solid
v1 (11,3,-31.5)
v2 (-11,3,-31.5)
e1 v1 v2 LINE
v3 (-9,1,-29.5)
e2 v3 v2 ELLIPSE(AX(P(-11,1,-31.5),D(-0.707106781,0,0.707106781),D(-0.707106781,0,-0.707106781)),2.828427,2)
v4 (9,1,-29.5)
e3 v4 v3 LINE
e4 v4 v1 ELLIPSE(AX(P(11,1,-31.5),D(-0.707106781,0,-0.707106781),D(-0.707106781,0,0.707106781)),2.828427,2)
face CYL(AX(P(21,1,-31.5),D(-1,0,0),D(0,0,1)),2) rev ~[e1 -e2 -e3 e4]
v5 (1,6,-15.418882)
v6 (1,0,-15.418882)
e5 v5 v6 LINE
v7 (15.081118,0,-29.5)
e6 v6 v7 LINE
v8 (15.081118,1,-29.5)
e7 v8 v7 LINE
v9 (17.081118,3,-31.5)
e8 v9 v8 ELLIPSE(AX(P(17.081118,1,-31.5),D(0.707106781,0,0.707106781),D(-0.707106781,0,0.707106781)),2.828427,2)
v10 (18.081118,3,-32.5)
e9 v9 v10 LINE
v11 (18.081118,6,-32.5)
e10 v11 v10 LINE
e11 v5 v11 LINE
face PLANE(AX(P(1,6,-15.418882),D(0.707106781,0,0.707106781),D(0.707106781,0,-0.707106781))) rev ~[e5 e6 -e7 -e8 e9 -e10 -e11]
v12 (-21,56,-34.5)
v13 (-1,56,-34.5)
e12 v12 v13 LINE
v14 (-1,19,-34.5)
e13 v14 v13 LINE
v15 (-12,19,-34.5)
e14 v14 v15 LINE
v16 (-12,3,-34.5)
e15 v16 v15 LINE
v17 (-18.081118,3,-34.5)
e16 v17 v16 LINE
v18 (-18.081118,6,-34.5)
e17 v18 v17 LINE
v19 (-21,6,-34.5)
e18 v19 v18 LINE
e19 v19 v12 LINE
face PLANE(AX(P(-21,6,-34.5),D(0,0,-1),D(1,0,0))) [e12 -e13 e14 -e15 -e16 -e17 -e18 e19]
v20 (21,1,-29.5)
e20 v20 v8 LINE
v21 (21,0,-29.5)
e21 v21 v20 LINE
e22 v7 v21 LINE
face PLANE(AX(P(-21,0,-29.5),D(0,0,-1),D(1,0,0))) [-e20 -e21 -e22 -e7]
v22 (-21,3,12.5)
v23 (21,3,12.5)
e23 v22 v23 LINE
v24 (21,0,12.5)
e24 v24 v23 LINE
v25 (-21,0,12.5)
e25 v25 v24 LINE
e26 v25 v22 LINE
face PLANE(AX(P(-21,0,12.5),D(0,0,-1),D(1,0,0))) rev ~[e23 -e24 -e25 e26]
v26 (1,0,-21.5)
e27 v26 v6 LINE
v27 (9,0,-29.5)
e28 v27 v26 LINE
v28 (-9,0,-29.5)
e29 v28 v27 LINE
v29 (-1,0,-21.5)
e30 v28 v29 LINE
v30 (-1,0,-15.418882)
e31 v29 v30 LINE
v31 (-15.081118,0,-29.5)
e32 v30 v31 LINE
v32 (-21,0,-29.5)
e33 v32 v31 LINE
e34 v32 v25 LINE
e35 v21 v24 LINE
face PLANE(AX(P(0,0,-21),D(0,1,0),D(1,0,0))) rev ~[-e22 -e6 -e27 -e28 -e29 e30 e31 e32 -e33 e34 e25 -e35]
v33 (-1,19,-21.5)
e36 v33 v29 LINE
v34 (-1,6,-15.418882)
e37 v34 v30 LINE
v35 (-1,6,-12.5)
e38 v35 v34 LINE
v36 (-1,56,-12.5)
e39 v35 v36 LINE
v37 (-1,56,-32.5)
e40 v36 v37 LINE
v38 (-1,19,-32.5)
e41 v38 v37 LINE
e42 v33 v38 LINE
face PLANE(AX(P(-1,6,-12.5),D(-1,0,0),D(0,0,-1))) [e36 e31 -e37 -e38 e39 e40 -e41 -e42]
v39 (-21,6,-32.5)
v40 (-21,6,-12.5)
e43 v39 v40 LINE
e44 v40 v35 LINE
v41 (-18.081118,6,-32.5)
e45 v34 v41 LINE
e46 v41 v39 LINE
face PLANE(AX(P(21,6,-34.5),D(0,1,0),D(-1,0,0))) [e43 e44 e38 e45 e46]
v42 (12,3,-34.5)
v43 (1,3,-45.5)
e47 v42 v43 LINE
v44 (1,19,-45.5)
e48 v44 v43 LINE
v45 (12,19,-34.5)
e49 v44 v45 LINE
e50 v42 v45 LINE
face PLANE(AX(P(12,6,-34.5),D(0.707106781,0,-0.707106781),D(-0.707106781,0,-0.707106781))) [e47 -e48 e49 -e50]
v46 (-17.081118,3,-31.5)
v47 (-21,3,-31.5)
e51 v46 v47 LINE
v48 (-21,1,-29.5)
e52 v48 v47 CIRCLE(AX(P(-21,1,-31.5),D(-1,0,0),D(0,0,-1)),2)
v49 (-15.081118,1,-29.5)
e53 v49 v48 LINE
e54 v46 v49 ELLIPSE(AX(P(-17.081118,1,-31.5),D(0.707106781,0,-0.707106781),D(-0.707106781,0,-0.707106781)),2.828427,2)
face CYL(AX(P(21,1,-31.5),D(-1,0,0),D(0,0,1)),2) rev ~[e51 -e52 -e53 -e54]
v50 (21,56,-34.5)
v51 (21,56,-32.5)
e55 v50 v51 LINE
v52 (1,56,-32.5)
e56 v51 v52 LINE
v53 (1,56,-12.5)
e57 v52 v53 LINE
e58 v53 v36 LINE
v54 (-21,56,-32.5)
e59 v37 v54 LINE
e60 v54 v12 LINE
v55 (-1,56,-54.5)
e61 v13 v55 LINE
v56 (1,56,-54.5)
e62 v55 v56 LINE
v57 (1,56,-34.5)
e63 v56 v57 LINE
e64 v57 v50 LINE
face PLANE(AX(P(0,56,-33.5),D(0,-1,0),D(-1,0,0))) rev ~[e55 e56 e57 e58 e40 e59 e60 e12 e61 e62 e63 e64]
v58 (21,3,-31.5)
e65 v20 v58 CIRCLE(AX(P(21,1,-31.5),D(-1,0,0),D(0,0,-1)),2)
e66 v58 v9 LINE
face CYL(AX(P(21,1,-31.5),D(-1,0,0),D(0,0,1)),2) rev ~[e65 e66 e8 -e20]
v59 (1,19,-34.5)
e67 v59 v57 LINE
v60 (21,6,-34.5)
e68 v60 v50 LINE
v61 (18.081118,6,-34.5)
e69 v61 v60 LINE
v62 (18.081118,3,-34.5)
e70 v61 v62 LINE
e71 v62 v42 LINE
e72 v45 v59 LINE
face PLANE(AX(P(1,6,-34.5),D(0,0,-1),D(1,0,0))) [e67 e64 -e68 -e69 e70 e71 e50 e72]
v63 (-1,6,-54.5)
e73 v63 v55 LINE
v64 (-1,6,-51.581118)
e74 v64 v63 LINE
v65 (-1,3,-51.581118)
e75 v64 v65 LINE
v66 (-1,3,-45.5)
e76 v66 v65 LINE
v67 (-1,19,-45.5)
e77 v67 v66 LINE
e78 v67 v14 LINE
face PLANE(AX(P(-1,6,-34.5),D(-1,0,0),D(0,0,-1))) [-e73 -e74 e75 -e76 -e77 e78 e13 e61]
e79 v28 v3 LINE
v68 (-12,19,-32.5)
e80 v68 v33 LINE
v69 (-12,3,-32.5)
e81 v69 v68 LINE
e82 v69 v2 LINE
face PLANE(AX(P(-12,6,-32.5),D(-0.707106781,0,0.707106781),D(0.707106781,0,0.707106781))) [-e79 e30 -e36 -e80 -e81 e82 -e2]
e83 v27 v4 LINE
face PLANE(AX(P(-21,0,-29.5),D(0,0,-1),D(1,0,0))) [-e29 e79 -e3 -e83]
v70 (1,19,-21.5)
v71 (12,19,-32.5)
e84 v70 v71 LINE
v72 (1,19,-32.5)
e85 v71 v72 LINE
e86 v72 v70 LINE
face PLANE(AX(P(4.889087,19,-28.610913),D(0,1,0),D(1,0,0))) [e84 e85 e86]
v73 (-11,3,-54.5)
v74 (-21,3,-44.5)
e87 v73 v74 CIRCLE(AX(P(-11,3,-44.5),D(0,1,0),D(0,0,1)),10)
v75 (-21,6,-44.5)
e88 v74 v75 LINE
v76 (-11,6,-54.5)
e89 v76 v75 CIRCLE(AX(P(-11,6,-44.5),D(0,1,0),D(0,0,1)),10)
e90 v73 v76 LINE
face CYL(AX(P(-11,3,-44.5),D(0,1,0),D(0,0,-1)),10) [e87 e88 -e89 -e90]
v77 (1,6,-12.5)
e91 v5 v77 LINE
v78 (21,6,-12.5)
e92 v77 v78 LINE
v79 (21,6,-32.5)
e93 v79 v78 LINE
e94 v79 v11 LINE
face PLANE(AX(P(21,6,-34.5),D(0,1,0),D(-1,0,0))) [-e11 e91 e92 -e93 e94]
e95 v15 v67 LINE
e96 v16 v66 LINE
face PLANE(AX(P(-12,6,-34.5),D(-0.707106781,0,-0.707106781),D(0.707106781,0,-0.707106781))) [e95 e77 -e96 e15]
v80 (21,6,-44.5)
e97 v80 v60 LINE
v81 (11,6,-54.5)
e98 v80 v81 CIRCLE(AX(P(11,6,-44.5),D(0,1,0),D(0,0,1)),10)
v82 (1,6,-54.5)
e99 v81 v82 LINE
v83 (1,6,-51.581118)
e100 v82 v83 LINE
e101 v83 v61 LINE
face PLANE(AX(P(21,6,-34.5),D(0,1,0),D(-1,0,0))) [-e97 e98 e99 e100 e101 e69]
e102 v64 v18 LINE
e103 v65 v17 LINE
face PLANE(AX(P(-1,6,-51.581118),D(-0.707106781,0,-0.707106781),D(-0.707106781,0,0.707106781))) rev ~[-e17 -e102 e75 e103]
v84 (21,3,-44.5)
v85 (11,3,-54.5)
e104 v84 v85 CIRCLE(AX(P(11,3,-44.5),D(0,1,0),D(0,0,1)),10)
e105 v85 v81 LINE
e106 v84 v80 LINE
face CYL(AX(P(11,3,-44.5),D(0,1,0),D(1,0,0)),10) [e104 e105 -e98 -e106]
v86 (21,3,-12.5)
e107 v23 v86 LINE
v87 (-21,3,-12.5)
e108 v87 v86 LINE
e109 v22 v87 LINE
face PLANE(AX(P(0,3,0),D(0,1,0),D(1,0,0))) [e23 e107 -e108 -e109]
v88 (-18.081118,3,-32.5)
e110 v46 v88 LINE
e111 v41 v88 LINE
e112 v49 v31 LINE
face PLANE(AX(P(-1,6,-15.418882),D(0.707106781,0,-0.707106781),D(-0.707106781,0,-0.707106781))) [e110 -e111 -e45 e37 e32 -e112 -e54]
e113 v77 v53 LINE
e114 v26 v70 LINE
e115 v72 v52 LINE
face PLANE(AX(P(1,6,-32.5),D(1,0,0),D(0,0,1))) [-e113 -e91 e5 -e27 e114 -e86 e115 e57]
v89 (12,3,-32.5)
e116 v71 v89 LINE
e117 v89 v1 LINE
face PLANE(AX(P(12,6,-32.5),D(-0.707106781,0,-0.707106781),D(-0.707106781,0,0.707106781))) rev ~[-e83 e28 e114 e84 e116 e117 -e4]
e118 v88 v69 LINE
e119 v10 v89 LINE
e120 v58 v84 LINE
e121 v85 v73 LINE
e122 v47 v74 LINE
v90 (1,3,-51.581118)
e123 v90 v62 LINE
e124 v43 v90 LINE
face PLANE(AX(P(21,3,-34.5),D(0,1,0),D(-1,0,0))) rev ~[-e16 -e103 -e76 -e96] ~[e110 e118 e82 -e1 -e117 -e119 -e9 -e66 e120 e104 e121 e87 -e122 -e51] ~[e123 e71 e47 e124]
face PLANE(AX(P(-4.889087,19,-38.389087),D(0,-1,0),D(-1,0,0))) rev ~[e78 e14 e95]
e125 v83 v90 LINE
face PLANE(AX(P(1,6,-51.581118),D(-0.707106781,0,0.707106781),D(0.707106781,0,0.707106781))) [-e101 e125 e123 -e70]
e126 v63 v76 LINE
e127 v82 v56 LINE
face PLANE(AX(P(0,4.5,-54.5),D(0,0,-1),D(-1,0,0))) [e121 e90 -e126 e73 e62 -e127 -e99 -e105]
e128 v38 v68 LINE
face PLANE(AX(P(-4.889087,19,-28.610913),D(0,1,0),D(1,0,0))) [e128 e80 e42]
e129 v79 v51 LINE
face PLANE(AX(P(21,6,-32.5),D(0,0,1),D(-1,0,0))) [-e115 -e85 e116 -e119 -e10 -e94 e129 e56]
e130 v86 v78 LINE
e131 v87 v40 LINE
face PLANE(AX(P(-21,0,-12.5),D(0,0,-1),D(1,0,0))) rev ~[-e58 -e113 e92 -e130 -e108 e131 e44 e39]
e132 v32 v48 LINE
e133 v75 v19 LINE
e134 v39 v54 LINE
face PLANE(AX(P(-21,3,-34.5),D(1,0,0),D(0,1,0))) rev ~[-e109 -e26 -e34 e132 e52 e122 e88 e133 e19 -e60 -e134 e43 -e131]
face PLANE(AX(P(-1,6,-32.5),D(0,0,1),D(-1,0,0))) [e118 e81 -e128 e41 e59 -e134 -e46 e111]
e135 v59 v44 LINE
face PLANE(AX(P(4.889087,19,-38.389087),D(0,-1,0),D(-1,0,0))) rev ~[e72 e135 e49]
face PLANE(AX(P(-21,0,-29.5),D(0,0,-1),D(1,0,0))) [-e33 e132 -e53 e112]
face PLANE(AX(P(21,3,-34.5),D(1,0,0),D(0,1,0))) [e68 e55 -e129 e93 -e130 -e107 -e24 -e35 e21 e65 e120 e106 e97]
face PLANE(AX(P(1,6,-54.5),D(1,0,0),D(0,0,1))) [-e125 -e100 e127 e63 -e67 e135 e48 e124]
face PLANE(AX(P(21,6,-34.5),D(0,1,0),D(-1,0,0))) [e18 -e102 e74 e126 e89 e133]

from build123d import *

# Parameters (mm, degrees)
SKETCH1_W           = 42
SKETCH1_H           = 25
BOSS_EXTRUDE1_DEPTH = 3
SKETCH2_W           = 42
SKETCH2_H           = 17
BOSS_EXTRUDE2_DEPTH = 6
SKETCH4_W           = 42
SKETCH4_H           = 3
BOSS_EXTRUDE4_DEPTH = 3
FILLET2_R           = 2
SKETCH5_W           = 42
SKETCH5_H           = 3
BOSS_EXTRUDE5_DEPTH = 2
SKETCH7_W           = 42
SKETCH7_H           = 3
BOSS_EXTRUDE6_DEPTH = 20
BOSS_EXTRUDE7_DEPTH = 50
BOSS_EXTRUDE8_DEPTH = 13
CUT_EXTRUDE1_DEPTH  = 13
FILLET3_R           = 10


with BuildPart() as part:
    # Sketch1 → Boss-Extrude1 (new body)
    with BuildSketch(Plane(origin=(0, 0, 0), x_dir=(1, 0, 0), z_dir=(0, 1, 0))):
        Rectangle(SKETCH1_W, SKETCH1_H)
    extrude(amount=BOSS_EXTRUDE1_DEPTH)

    # Sketch2 → Boss-Extrude2 (add)
    with BuildSketch(Plane(origin=(0, 0, 0), x_dir=(1, 0, 0), z_dir=(0, 1, 0))):
        with Locations((0, 21)):
            Rectangle(SKETCH2_W, SKETCH2_H)
    extrude(amount=BOSS_EXTRUDE2_DEPTH)

    # Sketch4 → Boss-Extrude4 (add)
    with BuildSketch(Plane(origin=(0, 0, -29.5), x_dir=(-1, 0, 0), z_dir=(0, 0, -1))):
        with Locations((0, 4.5)):
            Rectangle(SKETCH4_W, SKETCH4_H)
    extrude(amount=BOSS_EXTRUDE4_DEPTH)

    # Fillet2
    fillet2_edges = [part.edges().sort_by_distance(p)[0] for p in [
        (0, 3, -29.5),
    ]]
    fillet(fillet2_edges, radius=FILLET2_R)

    # Sketch5 → Boss-Extrude5 (add)
    with BuildSketch(Plane(origin=(0, 0, -32.5), x_dir=(-1, 0, 0), z_dir=(0, 0, -1))):
        with Locations((0, 4.5)):
            Rectangle(SKETCH5_W, SKETCH5_H)
    extrude(amount=BOSS_EXTRUDE5_DEPTH)

    # Sketch7 → Boss-Extrude6 (add)
    with BuildSketch(Plane(origin=(0, 0, -34.5), x_dir=(-1, 0, 0), z_dir=(0, 0, -1))):
        with Locations((0, 4.5)):
            Rectangle(SKETCH7_W, SKETCH7_H)
    extrude(amount=BOSS_EXTRUDE6_DEPTH)

    # Sketch6 → Boss-Extrude7 (add)
    with BuildSketch(Plane(origin=(0, 6, 0), x_dir=(1, 0, 0), z_dir=(0, 1, 0))):
        Polygon((-21, 34.5), (-1, 34.5), (-1, 54.5), (1, 54.5), (1, 34.5), (21, 34.5), (21, 32.5), (1, 32.5), (1, 12.5), (-1, 12.5), (-1, 32.5), (-21, 32.5), align=None)
    extrude(amount=BOSS_EXTRUDE7_DEPTH)

    # Sketch9 → Boss-Extrude8 (add)
    with BuildSketch(Plane(origin=(0, 6, 0), x_dir=(1, 0, 0), z_dir=(0, 1, 0))):
        Polygon((-12, 34.5), (-1, 45.5), (-1, 34.5), align=None)
        Polygon((1, 34.5), (1, 45.5), (12, 34.5), align=None)
        Polygon((12, 32.5), (1, 32.5), (1, 21.5), align=None)
        Polygon((-1, 21.5), (-1, 32.5), (-12, 32.5), align=None)
    extrude(amount=BOSS_EXTRUDE8_DEPTH)

    # Sketch10 → Cut-Extrude1 (cut)
    with BuildSketch(Plane(origin=(0, 6, 0), x_dir=(1, 0, 0), z_dir=(0, 1, 0))):
        Polygon((1, 45.5), (1, 51.581118318), (18.081118318, 34.5), (12, 34.5), align=None)
        Polygon((-1, 45.5), (-1, 51.581118318), (-18.081118318, 34.5), (-12, 34.5), align=None)
        Polygon((-12, 32.5), (-1, 21.5), (-1, 15.418881682), (-18.081118318, 32.5), align=None)
        Polygon((1, 21.5), (1, 15.418881682), (18.081118318, 32.5), (12, 32.5), align=None)
    extrude(amount=-CUT_EXTRUDE1_DEPTH, mode=Mode.SUBTRACT)

    # Fillet3
    fillet3_edges = [part.edges().sort_by_distance(p)[0] for p in [
        (21, 4.5, -54.5),
        (-21, 4.5, -54.5),
    ]]
    fillet(fillet3_edges, radius=FILLET3_R)


solid = part.part
